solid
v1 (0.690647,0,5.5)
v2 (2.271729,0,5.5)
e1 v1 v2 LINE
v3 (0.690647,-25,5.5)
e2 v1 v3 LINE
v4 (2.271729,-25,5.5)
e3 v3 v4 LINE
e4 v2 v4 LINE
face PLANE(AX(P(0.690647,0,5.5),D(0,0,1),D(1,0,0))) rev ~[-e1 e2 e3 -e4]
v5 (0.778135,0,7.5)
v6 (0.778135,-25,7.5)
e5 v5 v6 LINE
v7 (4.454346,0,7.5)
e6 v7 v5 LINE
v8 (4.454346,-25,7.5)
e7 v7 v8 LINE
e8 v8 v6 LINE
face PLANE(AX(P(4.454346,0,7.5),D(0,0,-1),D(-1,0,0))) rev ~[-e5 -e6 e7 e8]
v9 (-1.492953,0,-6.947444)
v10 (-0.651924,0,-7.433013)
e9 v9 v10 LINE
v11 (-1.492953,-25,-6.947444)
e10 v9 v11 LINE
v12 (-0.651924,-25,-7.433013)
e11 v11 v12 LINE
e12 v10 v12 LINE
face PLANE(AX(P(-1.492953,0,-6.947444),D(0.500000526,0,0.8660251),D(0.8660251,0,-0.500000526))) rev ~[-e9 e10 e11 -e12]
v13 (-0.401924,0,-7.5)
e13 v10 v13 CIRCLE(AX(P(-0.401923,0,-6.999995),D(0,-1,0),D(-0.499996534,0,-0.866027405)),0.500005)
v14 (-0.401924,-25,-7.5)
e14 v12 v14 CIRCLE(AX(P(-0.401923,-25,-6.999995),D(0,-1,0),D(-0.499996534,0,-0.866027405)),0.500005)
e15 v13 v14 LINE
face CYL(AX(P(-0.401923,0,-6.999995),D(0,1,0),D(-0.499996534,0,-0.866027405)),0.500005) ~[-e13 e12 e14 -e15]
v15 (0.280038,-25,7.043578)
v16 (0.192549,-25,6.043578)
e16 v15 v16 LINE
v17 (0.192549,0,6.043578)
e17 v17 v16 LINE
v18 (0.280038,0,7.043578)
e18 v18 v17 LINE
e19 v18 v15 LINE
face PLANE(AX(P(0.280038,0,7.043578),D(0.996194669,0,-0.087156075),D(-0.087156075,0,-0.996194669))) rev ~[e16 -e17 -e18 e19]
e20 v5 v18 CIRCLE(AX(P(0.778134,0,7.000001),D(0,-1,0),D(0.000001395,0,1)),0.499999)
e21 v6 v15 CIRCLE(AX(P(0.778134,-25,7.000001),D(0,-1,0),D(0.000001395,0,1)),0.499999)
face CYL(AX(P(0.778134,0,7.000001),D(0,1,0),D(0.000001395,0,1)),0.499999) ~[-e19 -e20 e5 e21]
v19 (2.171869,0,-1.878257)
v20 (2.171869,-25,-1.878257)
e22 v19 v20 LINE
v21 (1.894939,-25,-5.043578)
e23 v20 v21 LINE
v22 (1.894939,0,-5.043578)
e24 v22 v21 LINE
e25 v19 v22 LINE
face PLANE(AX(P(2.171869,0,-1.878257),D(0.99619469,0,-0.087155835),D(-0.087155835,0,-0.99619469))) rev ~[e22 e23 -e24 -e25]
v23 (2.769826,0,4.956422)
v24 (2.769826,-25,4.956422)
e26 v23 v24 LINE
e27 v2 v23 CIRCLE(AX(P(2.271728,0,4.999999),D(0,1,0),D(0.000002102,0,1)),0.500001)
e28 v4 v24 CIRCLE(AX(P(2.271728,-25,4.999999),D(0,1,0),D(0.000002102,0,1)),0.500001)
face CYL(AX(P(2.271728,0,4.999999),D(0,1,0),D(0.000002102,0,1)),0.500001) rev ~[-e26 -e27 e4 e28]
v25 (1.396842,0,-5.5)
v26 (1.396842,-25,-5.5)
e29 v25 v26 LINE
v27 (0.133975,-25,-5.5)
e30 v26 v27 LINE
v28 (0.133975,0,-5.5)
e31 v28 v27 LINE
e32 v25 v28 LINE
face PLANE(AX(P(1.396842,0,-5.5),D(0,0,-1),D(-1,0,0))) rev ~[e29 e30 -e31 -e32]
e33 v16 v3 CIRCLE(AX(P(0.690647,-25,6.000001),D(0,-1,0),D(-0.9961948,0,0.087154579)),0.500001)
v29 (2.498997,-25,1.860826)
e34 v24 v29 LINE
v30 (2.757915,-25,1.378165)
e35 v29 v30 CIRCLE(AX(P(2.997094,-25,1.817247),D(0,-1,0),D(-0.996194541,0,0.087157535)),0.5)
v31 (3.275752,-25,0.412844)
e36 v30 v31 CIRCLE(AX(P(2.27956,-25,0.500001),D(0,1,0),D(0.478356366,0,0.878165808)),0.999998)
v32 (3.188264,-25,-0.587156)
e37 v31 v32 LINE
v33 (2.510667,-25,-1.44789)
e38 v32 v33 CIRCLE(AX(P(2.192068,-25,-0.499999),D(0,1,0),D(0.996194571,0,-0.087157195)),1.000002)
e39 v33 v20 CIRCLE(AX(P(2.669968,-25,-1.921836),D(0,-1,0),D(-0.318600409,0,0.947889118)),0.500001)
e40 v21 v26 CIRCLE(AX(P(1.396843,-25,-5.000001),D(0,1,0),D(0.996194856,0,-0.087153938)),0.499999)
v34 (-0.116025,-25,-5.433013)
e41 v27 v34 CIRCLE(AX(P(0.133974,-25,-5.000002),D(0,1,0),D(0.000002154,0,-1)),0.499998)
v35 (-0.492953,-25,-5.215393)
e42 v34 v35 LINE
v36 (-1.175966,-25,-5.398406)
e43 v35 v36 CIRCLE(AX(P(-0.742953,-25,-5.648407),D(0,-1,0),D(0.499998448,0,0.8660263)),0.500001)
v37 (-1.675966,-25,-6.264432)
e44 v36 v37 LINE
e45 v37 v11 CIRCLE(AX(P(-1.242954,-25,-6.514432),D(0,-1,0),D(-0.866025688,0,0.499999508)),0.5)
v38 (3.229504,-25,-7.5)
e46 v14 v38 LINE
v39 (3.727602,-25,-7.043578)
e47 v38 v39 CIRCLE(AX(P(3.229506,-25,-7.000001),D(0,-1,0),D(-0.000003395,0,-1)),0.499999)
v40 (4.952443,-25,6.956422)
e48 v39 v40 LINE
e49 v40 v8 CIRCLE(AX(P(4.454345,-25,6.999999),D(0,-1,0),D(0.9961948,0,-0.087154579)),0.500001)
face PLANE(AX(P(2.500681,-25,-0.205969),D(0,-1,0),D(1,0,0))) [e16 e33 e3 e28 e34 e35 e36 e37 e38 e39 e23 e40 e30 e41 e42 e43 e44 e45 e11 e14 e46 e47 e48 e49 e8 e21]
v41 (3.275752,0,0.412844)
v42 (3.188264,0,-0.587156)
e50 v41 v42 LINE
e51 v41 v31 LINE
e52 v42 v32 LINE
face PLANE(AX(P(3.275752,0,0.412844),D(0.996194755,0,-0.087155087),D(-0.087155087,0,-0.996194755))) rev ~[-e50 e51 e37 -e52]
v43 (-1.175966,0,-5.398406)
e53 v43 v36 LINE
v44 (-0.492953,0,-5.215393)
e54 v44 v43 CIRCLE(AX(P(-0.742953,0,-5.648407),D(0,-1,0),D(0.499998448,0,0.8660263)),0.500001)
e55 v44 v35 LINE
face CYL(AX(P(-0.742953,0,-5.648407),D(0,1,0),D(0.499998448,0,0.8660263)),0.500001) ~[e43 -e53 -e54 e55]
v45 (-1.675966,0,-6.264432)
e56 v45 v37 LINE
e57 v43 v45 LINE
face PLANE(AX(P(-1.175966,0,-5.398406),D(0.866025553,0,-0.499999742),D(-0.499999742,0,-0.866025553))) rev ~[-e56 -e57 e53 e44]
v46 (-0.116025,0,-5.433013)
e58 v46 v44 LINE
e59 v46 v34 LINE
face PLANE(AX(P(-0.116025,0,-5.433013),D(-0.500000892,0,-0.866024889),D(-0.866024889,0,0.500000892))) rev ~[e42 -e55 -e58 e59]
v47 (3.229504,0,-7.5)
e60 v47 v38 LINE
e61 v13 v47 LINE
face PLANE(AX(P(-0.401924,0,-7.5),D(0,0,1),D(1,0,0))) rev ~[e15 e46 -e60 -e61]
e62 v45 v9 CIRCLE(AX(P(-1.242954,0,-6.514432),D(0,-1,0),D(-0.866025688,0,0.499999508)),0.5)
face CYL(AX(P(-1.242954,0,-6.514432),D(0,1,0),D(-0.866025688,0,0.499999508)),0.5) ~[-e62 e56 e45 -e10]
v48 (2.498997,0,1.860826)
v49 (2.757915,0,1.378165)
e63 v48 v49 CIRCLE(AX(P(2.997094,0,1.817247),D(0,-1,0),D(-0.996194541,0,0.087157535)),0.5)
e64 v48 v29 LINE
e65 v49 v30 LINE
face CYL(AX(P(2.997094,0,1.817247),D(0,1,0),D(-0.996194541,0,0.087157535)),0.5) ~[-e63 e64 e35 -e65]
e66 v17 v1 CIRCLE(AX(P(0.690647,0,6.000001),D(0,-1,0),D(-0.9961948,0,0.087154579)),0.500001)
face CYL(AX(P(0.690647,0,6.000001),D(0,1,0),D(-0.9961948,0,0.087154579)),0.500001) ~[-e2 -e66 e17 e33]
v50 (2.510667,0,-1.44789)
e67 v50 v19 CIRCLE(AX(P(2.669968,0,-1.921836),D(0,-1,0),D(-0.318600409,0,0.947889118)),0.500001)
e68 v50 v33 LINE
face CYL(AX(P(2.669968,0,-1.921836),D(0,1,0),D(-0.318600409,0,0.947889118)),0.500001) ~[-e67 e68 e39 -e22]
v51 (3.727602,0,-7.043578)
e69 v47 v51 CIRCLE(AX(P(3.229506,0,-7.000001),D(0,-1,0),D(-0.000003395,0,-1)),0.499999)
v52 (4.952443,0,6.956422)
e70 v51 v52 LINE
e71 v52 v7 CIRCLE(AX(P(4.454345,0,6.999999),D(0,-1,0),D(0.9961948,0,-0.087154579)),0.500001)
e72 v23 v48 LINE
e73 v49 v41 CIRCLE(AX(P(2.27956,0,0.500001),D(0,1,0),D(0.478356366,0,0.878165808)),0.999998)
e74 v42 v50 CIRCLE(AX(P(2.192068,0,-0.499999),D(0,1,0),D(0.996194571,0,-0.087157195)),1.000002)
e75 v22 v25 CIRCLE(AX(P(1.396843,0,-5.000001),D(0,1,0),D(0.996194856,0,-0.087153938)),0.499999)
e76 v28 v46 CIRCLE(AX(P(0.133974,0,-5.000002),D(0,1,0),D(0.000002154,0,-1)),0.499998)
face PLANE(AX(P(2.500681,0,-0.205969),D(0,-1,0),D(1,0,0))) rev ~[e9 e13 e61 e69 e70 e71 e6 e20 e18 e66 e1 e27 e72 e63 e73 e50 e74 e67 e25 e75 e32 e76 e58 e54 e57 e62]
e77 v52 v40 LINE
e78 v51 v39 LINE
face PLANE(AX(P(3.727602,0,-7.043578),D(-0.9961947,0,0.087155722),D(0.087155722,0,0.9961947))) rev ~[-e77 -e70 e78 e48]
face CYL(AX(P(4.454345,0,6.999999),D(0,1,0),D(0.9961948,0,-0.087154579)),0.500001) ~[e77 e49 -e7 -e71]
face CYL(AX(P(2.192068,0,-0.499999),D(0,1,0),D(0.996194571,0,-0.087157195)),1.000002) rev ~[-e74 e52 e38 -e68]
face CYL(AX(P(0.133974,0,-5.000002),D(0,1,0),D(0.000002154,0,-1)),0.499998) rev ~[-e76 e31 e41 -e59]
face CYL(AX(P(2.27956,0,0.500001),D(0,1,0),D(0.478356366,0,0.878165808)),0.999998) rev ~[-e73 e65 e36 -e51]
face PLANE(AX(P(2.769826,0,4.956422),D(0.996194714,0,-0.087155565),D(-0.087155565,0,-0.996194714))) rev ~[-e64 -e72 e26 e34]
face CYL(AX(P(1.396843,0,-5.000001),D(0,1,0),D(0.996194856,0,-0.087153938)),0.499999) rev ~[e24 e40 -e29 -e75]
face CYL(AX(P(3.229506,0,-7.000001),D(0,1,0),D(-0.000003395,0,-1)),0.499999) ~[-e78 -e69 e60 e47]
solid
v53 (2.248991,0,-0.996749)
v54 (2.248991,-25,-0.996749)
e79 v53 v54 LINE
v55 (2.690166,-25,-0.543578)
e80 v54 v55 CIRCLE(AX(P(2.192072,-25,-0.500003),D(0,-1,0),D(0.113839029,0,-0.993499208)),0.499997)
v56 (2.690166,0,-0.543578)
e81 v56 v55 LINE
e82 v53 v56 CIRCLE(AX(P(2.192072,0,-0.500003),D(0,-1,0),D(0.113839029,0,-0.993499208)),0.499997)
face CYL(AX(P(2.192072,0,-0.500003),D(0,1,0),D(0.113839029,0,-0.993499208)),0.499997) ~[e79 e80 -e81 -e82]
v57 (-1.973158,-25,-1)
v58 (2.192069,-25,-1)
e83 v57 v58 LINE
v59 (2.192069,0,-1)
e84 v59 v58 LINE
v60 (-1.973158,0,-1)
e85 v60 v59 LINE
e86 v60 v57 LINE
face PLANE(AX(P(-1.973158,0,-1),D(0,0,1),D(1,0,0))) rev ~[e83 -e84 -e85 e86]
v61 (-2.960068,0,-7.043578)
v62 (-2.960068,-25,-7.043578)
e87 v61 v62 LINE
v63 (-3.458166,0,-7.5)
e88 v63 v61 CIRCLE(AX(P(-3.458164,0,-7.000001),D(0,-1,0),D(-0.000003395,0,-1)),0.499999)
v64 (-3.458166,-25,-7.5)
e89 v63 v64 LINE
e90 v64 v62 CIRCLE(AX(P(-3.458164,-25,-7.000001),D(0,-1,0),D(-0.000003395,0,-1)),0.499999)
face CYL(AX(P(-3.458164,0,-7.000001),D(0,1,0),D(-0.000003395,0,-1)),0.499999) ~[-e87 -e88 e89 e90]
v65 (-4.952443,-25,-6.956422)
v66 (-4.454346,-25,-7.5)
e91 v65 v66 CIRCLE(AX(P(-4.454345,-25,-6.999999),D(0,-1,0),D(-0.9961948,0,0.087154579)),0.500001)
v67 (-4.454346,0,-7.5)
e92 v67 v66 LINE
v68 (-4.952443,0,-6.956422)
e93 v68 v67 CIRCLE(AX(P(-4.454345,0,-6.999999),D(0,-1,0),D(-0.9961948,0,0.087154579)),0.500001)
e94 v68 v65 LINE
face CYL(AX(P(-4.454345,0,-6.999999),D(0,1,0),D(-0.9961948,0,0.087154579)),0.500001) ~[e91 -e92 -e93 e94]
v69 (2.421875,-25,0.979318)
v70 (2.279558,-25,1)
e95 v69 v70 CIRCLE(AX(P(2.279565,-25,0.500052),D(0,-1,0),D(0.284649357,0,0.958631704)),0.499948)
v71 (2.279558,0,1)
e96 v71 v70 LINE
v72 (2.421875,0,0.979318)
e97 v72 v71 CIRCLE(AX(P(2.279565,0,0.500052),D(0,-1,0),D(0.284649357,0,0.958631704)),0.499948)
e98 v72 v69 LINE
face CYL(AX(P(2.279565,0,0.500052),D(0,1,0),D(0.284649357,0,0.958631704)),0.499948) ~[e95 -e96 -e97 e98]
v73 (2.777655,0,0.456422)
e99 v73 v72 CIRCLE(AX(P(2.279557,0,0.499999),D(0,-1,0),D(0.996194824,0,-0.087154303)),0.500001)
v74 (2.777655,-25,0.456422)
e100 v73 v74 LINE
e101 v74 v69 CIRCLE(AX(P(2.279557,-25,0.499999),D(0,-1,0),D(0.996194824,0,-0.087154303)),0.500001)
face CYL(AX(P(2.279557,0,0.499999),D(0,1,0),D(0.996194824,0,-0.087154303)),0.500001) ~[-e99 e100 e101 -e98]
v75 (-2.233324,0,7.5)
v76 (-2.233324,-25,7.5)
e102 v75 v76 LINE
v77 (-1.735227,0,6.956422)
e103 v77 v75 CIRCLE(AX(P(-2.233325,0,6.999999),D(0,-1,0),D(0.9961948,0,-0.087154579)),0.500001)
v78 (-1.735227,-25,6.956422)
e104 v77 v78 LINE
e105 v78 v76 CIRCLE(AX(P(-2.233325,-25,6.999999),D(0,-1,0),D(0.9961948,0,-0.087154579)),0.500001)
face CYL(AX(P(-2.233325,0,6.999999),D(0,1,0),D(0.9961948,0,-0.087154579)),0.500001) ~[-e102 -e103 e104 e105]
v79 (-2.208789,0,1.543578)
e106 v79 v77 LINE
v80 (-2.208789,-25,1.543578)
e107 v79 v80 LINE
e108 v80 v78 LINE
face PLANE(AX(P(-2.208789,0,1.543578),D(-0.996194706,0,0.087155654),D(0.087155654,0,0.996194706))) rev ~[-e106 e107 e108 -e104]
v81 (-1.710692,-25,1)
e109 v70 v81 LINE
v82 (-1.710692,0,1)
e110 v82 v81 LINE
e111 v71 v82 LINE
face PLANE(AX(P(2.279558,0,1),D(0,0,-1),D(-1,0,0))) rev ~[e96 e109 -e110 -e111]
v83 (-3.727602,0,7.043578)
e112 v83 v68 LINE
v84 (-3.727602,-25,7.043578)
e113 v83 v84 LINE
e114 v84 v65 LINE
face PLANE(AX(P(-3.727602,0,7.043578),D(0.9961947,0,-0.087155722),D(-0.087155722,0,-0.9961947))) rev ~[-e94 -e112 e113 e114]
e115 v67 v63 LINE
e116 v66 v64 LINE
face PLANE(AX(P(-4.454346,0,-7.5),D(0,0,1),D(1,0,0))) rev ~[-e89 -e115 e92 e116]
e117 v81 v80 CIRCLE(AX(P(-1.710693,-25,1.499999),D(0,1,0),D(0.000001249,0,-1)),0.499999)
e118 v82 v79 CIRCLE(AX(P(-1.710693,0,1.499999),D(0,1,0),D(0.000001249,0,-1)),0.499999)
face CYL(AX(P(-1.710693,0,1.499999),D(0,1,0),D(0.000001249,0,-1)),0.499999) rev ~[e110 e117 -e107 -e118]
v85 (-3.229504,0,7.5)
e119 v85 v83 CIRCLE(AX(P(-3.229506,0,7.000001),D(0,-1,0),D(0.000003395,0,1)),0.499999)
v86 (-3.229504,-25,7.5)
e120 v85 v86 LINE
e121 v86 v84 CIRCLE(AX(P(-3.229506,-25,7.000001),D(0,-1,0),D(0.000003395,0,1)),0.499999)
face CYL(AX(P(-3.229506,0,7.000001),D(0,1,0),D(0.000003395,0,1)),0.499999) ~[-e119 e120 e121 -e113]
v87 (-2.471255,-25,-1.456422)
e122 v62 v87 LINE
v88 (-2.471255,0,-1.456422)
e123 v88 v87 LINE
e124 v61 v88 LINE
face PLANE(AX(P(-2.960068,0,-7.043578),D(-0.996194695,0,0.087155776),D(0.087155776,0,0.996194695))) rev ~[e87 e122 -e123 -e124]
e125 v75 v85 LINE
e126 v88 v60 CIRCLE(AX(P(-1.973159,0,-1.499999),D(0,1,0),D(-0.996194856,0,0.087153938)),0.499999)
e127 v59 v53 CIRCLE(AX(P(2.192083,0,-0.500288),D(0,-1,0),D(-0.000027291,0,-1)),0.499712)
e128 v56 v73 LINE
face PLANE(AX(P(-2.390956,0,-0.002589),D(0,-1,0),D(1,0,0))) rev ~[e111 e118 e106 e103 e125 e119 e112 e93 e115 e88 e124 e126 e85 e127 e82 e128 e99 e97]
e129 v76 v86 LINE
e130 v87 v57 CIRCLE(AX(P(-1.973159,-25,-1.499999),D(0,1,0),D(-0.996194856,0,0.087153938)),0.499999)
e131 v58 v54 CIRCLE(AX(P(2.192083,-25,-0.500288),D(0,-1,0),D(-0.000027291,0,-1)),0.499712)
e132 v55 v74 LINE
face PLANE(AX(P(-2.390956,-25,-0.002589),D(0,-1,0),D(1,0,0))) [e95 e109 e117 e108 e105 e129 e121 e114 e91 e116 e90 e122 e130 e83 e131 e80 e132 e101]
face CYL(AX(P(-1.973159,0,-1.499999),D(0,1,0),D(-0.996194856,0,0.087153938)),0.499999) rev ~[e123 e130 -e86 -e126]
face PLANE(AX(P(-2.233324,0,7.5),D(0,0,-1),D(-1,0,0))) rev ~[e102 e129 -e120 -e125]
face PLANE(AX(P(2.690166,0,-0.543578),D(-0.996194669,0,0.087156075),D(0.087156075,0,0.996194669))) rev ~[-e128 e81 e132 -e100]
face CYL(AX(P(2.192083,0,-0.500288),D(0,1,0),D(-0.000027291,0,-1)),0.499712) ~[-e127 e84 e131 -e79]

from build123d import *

# Parameters (mm, degrees)
F1_DEPTH = 25


with BuildPart() as f1:
    # F0 (on Front) → F1 (new body)
    with BuildSketch(Plane.XZ):
        with BuildLine():
            Line((-3.727602, 7.043578), (-4.952443, -6.956422))
            ThreePointArc((-4.952443, -6.956422), (-4.822984, -7.337795), (-4.454346, -7.5))
            Line((-4.454346, -7.5), (-3.458166, -7.5))
            ThreePointArc((-3.458166, -7.5), (-3.12037, -7.368639), (-2.960068, -7.043578))
            Line((-2.960068, -7.043578), (-2.471255, -1.456422))
            ThreePointArc((-2.471255, -1.456422), (-2.310953, -1.131361), (-1.973158, -1))
            Line((-1.973158, -1), (2.192069, -1))
            ThreePointArc((2.192069, -1), (2.220576, -0.999187), (2.248991, -0.996749))
            Line((2.248991, -0.996749), (2.421875, 0.979318))
            ThreePointArc((2.421875, 0.979318), (2.351464, 0.994803), (2.279558, 1))
            Line((2.279558, 1), (-1.710692, 1))
            ThreePointArc((-1.710692, 1), (-2.079331, 1.162205), (-2.208789, 1.543578))
            Line((-2.208789, 1.543578), (-1.735227, 6.956422))
            ThreePointArc((-1.735227, 6.956422), (-1.864686, 7.337795), (-2.233324, 7.5))
            Line((-2.233324, 7.5), (-3.229504, 7.5))
            ThreePointArc((-3.229504, 7.5), (-3.5673, 7.368639), (-3.727602, 7.043578))
        make_face()
        with BuildLine():
            Line((2.421875, 0.979318), (2.248991, -0.996749))
            ThreePointArc((2.248991, -0.996749), (2.550333, -0.84878), (2.690166, -0.543578))
            Line((2.690166, -0.543578), (2.777655, 0.456422))
            ThreePointArc((2.777655, 0.456422), (2.692943, 0.781269), (2.421875, 0.979318))
        make_face()
        with BuildLine():
            Line((4.454346, 7.5), (0.778135, 7.5))
            ThreePointArc((0.778135, 7.5), (0.44034, 7.368639), (0.280038, 7.043578))
            Line((0.280038, 7.043578), (0.192549, 6.043578))
            ThreePointArc((0.192549, 6.043578), (0.322008, 5.662205), (0.690647, 5.5))
            Line((0.690647, 5.5), (2.271729, 5.5))
            ThreePointArc((2.271729, 5.5), (2.640367, 5.337795), (2.769826, 4.956422))
            Line((2.769826, 4.956422), (2.498997, 1.860826))
            ThreePointArc((2.498997, 1.860826), (2.556487, 1.580889), (2.757915, 1.378165))
            ThreePointArc((2.757915, 1.378165), (3.160771, 0.972719), (3.275752, 0.412844))
            Line((3.275752, 0.412844), (3.188264, -0.587156))
            ThreePointArc((3.188264, -0.587156), (2.977808, -1.118558), (2.510667, -1.44789))
            ThreePointArc((2.510667, -1.44789), (2.277097, -1.612556), (2.171869, -1.878257))
            Line((2.171869, -1.878257), (1.894939, -5.043578))
            ThreePointArc((1.894939, -5.043578), (1.734637, -5.368639), (1.396842, -5.5))
            Line((1.396842, -5.5), (0.133975, -5.5))
            ThreePointArc((0.133975, -5.5), (0.004565, -5.482963), (-0.116025, -5.433013))
            Line((-0.116025, -5.433013), (-0.492953, -5.215393))
            ThreePointArc((-0.492953, -5.215393), (-0.872362, -5.165443), (-1.175966, -5.398406))
            Line((-1.175966, -5.398406), (-1.675966, -6.264432))
            ThreePointArc((-1.675966, -6.264432), (-1.725916, -6.643841), (-1.492953, -6.947444))
            Line((-1.492953, -6.947444), (-0.651924, -7.433013))
            ThreePointArc((-0.651924, -7.433013), (-0.531333, -7.482963), (-0.401924, -7.5))
            Line((-0.401924, -7.5), (3.229504, -7.5))
            ThreePointArc((3.229504, -7.5), (3.5673, -7.368639), (3.727602, -7.043578))
            Line((3.727602, -7.043578), (4.952443, 6.956422))
            ThreePointArc((4.952443, 6.956422), (4.822984, 7.337795), (4.454346, 7.5))
        make_face()
    extrude(amount=F1_DEPTH)


solid = f1.part
